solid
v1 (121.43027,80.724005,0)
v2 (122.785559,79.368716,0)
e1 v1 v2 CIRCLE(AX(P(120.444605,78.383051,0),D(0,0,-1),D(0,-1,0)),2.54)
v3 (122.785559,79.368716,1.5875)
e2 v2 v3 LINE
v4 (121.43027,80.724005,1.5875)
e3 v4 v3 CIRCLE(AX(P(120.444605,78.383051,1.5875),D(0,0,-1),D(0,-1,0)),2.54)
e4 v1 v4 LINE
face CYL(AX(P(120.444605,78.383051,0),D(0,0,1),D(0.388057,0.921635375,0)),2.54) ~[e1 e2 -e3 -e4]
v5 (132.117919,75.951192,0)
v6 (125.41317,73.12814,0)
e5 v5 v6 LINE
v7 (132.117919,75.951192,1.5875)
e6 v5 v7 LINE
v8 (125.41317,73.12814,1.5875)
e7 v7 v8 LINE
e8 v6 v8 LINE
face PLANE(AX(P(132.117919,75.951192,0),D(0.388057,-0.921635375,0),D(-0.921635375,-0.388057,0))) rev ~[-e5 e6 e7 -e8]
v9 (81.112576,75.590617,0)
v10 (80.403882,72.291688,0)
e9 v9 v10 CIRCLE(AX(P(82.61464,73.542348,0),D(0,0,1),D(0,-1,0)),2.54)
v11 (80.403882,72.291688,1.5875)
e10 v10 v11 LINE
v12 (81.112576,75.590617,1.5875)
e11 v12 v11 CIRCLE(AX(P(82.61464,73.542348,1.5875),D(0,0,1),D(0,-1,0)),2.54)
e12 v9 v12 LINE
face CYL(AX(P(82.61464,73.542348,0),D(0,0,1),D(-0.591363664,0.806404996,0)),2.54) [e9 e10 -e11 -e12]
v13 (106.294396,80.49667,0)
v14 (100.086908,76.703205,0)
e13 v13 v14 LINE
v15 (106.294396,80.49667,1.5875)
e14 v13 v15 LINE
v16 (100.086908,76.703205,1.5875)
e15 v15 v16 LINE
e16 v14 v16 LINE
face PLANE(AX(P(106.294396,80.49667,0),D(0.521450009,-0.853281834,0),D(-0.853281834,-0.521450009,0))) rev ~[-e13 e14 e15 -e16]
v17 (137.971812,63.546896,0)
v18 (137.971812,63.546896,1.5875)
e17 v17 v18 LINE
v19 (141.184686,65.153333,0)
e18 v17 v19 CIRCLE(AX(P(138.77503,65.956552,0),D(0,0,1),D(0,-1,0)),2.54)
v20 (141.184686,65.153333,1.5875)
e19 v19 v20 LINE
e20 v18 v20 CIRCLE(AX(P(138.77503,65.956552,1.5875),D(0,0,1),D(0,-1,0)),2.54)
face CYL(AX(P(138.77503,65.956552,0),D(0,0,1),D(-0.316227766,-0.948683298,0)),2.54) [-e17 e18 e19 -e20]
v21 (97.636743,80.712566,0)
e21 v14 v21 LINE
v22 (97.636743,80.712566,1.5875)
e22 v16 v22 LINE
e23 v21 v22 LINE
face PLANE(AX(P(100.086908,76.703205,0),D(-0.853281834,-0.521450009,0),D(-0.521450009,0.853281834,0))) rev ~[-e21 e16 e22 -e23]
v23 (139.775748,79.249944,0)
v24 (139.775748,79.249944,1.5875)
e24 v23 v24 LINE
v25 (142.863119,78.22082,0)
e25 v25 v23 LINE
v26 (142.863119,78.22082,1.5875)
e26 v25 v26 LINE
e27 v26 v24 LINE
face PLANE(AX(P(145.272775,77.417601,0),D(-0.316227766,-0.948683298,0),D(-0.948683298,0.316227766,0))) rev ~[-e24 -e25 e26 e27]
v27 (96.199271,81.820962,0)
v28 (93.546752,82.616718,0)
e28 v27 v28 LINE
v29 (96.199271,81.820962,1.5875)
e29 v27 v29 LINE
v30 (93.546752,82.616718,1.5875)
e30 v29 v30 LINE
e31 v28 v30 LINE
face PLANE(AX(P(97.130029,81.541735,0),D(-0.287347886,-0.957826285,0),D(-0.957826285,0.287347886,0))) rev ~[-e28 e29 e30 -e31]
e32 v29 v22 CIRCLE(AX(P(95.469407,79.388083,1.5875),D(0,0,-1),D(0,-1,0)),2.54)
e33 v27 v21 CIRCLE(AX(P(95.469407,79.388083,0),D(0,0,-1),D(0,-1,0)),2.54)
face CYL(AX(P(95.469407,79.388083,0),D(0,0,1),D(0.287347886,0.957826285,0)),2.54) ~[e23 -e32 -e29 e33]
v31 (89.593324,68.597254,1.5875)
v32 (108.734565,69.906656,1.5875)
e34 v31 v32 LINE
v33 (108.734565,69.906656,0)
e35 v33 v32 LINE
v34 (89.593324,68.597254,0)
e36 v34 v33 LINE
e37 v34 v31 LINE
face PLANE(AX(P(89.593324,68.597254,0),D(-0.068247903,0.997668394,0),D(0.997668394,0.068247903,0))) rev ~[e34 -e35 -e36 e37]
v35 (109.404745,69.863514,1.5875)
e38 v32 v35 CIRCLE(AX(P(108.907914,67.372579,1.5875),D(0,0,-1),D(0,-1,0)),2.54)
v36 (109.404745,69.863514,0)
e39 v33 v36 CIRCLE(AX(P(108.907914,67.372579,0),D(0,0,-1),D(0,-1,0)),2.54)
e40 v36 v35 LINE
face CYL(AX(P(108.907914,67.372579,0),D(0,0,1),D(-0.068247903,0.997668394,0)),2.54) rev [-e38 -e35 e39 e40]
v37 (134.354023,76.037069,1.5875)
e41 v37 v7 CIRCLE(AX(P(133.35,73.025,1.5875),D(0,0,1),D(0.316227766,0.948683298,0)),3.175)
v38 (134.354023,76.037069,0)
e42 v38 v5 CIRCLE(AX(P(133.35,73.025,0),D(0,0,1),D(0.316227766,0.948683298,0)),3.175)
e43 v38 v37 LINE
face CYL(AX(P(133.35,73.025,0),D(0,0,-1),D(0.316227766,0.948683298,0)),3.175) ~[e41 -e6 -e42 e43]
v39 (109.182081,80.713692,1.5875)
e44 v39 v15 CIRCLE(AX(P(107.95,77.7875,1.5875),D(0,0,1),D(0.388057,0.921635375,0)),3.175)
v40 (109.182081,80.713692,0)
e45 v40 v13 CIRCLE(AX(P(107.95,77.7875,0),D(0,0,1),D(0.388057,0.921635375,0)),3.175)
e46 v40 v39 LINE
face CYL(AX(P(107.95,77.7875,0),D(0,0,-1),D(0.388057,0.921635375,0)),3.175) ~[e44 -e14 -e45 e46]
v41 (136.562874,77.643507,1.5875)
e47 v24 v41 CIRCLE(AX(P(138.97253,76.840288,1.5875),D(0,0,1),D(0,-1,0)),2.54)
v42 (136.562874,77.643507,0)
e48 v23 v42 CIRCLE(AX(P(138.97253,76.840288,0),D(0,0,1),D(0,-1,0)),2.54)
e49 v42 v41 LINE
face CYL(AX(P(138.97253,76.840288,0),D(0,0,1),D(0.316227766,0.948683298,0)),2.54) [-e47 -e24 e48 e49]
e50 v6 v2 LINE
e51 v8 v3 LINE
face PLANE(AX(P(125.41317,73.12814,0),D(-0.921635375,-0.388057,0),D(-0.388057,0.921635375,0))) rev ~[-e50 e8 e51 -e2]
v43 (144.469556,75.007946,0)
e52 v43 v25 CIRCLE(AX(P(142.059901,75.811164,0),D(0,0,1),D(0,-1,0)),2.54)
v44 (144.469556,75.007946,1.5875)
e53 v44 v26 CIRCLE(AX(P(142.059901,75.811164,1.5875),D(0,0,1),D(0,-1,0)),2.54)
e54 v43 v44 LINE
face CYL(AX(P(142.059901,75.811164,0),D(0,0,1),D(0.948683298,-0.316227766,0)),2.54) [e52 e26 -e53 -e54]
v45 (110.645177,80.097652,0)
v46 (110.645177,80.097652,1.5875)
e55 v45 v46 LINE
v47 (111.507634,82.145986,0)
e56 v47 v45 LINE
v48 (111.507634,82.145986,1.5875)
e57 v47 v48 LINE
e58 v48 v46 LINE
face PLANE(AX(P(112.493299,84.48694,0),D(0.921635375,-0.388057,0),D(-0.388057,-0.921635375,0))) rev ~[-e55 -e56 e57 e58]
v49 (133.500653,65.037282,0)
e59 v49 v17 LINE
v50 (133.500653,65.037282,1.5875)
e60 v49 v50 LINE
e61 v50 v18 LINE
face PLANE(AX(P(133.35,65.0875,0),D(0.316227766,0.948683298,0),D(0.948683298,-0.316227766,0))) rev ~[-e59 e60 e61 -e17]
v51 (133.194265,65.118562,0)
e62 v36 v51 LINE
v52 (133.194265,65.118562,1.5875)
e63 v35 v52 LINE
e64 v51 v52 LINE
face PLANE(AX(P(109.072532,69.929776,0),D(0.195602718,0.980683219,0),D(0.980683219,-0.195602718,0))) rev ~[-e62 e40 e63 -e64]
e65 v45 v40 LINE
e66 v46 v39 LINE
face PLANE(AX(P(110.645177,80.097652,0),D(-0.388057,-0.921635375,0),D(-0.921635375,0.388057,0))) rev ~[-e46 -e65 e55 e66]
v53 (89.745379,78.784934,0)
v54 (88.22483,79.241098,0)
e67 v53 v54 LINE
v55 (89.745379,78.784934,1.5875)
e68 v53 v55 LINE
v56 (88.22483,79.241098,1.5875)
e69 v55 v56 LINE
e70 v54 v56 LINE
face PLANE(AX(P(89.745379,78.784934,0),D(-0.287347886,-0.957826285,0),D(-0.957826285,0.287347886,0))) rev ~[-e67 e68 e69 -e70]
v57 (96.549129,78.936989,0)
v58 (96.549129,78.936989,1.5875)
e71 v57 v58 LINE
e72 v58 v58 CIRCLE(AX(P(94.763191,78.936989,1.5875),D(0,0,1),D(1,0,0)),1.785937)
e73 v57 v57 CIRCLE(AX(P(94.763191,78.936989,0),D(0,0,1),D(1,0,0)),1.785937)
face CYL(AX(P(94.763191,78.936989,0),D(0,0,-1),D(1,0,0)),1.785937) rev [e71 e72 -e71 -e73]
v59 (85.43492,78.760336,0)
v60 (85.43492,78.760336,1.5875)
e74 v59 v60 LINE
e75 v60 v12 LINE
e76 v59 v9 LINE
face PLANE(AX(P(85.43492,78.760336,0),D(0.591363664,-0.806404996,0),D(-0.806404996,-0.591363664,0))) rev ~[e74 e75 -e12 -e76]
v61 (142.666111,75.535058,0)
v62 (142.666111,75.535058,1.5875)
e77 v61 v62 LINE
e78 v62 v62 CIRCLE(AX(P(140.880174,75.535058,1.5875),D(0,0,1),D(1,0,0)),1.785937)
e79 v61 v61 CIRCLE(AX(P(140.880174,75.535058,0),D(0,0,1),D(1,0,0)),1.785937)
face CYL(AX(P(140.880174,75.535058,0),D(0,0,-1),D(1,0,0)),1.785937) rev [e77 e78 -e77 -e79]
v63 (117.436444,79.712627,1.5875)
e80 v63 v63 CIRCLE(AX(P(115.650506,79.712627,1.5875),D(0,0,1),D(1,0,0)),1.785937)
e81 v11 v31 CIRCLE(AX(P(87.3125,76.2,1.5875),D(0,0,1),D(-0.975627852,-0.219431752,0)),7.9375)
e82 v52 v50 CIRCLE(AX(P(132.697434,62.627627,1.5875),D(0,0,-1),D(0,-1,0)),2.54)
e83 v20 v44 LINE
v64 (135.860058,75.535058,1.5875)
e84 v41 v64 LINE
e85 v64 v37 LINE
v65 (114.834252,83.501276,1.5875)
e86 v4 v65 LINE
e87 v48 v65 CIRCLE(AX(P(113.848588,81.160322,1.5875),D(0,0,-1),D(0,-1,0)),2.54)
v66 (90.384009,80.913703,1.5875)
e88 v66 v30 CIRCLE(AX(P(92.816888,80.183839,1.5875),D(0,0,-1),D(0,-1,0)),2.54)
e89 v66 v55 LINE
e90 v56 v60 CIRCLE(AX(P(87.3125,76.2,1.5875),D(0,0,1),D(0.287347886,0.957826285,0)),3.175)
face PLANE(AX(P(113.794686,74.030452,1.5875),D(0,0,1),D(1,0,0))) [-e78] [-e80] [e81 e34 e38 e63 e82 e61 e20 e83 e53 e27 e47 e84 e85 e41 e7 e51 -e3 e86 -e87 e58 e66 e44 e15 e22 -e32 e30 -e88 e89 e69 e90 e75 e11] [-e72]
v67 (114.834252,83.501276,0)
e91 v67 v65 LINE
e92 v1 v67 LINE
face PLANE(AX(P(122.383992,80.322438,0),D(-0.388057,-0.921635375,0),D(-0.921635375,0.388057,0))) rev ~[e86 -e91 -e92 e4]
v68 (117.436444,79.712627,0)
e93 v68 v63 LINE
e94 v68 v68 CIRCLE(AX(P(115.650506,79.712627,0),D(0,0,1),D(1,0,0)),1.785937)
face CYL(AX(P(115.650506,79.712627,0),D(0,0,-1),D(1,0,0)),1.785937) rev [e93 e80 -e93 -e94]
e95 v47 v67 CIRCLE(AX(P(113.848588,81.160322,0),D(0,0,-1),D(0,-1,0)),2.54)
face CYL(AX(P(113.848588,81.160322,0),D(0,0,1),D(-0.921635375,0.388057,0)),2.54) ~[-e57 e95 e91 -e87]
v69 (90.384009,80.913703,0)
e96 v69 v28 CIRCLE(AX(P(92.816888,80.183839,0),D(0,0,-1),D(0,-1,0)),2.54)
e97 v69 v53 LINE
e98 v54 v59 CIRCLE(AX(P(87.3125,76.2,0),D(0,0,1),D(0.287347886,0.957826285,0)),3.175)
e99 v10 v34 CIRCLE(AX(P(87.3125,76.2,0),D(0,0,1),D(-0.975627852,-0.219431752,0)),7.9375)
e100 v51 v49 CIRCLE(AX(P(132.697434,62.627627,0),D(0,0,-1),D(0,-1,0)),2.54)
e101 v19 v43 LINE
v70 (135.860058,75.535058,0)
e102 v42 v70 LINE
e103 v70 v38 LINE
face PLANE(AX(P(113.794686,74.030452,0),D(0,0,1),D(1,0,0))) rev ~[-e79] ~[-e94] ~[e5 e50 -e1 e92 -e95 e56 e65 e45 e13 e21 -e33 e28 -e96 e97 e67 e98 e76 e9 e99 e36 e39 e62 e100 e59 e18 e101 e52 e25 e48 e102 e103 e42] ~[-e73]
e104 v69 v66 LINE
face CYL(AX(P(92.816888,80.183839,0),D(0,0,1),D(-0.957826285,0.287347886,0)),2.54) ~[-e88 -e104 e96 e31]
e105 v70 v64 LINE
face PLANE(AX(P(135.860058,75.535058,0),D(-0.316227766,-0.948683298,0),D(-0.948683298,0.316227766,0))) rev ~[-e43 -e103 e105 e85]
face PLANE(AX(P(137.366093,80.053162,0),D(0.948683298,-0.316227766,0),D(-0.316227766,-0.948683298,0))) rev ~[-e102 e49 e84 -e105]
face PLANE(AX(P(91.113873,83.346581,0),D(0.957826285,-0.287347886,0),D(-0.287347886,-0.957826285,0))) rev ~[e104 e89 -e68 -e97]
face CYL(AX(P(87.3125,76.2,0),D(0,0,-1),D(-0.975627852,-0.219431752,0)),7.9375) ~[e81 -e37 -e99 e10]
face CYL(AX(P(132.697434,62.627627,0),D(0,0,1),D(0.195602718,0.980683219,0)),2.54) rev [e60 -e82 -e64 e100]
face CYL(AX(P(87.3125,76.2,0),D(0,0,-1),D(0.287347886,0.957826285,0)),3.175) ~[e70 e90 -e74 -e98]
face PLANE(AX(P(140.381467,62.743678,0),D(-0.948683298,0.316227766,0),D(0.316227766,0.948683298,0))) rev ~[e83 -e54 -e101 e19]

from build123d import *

# Parameters (mm, degrees)
SKETCH5_R           = 1.7859375
BOSS_EXTRUDE1_DEPTH = 1.5875
FILLET1_R           = 2.54


with BuildPart() as part:
    # Sketch5 → Boss-Extrude1 (new body)
    with BuildSketch(Plane.XY):
        with BuildLine():
            Line((89.745378764, 78.784933687), (88.224829537, 79.241098456))
            ThreePointArc((88.224829537, 79.241098456), (86.773324607, 79.32888397), (85.434920368, 78.760335862))
            Line((85.434920368, 78.760335862), (79.568453922, 74.458260468))
            ThreePointArc((79.568453922, 74.458260468), (83.306311174, 69.347675041), (89.593323842, 68.597253861))
            Line((89.593323842, 68.597253861), (109.072532015, 69.929775894))
            Line((109.072532015, 69.929775894), (133.35, 65.0875))
            Line((133.35, 65.0875), (140.381467098, 62.743677634))
            Line((140.381467098, 62.743677634), (145.272774991, 77.417601312))
            Line((145.272774991, 77.417601312), (137.366092628, 80.0531621))
            Line((137.366092628, 80.0531621), (135.860057893, 75.535057893))
            Line((135.860057893, 75.535057893), (134.354023157, 76.037069471))
            ThreePointArc((134.354023157, 76.037069471), (133.228154551, 76.197661136), (132.117919025, 75.951192316))
            Line((132.117919025, 75.951192316), (125.413170132, 73.128140151))
            Line((125.413170132, 73.128140151), (122.383992203, 80.322437731))
            Line((122.383992203, 80.322437731), (112.493298596, 84.486940303))
            Line((112.493298596, 84.486940303), (110.645177133, 80.097651828))
            Line((110.645177133, 80.097651828), (109.182080975, 80.713692316))
            ThreePointArc((109.182080975, 80.713692316), (107.712055506, 80.953571291), (106.29439622, 80.496669822))
            Line((106.29439622, 80.496669822), (100.08690833, 76.703205))
            Line((100.08690833, 76.703205), (97.130029166, 81.541734542))
            Line((97.130029166, 81.541734542), (91.113873069, 83.346581371))
            Line((91.113873069, 83.346581371), (89.745378764, 78.784933687))
        make_face()
        with Locations((140.880173678, 75.535057893)):
            Circle(SKETCH5_R, mode=Mode.SUBTRACT)
        with Locations((115.650506095, 79.712626524)):
            Circle(SKETCH5_R, mode=Mode.SUBTRACT)
        with Locations((94.763191216, 78.93698861)):
            Circle(SKETCH5_R, mode=Mode.SUBTRACT)
    extrude(amount=BOSS_EXTRUDE1_DEPTH)

    # Fillet1
    fillet1_edges = [part.edges().sort_by_distance(p)[0] for p in [
        (109.072532015, 69.929775894, 0.79375),
        (79.568453922, 74.458260468, 0.79375),
        (91.113873069, 83.346581371, 0.79375),
        (97.130029166, 81.541734542, 0.79375),
        (112.493298596, 84.486940303, 0.79375),
        (122.383992203, 80.322437731, 0.79375),
        (137.366092628, 80.0531621, 0.79375),
        (145.272774991, 77.417601312, 0.79375),
        (140.381467098, 62.743677634, 0.79375),
        (133.35, 65.0875, 0.79375),
    ]]
    fillet(fillet1_edges, radius=FILLET1_R)


solid = part.part
